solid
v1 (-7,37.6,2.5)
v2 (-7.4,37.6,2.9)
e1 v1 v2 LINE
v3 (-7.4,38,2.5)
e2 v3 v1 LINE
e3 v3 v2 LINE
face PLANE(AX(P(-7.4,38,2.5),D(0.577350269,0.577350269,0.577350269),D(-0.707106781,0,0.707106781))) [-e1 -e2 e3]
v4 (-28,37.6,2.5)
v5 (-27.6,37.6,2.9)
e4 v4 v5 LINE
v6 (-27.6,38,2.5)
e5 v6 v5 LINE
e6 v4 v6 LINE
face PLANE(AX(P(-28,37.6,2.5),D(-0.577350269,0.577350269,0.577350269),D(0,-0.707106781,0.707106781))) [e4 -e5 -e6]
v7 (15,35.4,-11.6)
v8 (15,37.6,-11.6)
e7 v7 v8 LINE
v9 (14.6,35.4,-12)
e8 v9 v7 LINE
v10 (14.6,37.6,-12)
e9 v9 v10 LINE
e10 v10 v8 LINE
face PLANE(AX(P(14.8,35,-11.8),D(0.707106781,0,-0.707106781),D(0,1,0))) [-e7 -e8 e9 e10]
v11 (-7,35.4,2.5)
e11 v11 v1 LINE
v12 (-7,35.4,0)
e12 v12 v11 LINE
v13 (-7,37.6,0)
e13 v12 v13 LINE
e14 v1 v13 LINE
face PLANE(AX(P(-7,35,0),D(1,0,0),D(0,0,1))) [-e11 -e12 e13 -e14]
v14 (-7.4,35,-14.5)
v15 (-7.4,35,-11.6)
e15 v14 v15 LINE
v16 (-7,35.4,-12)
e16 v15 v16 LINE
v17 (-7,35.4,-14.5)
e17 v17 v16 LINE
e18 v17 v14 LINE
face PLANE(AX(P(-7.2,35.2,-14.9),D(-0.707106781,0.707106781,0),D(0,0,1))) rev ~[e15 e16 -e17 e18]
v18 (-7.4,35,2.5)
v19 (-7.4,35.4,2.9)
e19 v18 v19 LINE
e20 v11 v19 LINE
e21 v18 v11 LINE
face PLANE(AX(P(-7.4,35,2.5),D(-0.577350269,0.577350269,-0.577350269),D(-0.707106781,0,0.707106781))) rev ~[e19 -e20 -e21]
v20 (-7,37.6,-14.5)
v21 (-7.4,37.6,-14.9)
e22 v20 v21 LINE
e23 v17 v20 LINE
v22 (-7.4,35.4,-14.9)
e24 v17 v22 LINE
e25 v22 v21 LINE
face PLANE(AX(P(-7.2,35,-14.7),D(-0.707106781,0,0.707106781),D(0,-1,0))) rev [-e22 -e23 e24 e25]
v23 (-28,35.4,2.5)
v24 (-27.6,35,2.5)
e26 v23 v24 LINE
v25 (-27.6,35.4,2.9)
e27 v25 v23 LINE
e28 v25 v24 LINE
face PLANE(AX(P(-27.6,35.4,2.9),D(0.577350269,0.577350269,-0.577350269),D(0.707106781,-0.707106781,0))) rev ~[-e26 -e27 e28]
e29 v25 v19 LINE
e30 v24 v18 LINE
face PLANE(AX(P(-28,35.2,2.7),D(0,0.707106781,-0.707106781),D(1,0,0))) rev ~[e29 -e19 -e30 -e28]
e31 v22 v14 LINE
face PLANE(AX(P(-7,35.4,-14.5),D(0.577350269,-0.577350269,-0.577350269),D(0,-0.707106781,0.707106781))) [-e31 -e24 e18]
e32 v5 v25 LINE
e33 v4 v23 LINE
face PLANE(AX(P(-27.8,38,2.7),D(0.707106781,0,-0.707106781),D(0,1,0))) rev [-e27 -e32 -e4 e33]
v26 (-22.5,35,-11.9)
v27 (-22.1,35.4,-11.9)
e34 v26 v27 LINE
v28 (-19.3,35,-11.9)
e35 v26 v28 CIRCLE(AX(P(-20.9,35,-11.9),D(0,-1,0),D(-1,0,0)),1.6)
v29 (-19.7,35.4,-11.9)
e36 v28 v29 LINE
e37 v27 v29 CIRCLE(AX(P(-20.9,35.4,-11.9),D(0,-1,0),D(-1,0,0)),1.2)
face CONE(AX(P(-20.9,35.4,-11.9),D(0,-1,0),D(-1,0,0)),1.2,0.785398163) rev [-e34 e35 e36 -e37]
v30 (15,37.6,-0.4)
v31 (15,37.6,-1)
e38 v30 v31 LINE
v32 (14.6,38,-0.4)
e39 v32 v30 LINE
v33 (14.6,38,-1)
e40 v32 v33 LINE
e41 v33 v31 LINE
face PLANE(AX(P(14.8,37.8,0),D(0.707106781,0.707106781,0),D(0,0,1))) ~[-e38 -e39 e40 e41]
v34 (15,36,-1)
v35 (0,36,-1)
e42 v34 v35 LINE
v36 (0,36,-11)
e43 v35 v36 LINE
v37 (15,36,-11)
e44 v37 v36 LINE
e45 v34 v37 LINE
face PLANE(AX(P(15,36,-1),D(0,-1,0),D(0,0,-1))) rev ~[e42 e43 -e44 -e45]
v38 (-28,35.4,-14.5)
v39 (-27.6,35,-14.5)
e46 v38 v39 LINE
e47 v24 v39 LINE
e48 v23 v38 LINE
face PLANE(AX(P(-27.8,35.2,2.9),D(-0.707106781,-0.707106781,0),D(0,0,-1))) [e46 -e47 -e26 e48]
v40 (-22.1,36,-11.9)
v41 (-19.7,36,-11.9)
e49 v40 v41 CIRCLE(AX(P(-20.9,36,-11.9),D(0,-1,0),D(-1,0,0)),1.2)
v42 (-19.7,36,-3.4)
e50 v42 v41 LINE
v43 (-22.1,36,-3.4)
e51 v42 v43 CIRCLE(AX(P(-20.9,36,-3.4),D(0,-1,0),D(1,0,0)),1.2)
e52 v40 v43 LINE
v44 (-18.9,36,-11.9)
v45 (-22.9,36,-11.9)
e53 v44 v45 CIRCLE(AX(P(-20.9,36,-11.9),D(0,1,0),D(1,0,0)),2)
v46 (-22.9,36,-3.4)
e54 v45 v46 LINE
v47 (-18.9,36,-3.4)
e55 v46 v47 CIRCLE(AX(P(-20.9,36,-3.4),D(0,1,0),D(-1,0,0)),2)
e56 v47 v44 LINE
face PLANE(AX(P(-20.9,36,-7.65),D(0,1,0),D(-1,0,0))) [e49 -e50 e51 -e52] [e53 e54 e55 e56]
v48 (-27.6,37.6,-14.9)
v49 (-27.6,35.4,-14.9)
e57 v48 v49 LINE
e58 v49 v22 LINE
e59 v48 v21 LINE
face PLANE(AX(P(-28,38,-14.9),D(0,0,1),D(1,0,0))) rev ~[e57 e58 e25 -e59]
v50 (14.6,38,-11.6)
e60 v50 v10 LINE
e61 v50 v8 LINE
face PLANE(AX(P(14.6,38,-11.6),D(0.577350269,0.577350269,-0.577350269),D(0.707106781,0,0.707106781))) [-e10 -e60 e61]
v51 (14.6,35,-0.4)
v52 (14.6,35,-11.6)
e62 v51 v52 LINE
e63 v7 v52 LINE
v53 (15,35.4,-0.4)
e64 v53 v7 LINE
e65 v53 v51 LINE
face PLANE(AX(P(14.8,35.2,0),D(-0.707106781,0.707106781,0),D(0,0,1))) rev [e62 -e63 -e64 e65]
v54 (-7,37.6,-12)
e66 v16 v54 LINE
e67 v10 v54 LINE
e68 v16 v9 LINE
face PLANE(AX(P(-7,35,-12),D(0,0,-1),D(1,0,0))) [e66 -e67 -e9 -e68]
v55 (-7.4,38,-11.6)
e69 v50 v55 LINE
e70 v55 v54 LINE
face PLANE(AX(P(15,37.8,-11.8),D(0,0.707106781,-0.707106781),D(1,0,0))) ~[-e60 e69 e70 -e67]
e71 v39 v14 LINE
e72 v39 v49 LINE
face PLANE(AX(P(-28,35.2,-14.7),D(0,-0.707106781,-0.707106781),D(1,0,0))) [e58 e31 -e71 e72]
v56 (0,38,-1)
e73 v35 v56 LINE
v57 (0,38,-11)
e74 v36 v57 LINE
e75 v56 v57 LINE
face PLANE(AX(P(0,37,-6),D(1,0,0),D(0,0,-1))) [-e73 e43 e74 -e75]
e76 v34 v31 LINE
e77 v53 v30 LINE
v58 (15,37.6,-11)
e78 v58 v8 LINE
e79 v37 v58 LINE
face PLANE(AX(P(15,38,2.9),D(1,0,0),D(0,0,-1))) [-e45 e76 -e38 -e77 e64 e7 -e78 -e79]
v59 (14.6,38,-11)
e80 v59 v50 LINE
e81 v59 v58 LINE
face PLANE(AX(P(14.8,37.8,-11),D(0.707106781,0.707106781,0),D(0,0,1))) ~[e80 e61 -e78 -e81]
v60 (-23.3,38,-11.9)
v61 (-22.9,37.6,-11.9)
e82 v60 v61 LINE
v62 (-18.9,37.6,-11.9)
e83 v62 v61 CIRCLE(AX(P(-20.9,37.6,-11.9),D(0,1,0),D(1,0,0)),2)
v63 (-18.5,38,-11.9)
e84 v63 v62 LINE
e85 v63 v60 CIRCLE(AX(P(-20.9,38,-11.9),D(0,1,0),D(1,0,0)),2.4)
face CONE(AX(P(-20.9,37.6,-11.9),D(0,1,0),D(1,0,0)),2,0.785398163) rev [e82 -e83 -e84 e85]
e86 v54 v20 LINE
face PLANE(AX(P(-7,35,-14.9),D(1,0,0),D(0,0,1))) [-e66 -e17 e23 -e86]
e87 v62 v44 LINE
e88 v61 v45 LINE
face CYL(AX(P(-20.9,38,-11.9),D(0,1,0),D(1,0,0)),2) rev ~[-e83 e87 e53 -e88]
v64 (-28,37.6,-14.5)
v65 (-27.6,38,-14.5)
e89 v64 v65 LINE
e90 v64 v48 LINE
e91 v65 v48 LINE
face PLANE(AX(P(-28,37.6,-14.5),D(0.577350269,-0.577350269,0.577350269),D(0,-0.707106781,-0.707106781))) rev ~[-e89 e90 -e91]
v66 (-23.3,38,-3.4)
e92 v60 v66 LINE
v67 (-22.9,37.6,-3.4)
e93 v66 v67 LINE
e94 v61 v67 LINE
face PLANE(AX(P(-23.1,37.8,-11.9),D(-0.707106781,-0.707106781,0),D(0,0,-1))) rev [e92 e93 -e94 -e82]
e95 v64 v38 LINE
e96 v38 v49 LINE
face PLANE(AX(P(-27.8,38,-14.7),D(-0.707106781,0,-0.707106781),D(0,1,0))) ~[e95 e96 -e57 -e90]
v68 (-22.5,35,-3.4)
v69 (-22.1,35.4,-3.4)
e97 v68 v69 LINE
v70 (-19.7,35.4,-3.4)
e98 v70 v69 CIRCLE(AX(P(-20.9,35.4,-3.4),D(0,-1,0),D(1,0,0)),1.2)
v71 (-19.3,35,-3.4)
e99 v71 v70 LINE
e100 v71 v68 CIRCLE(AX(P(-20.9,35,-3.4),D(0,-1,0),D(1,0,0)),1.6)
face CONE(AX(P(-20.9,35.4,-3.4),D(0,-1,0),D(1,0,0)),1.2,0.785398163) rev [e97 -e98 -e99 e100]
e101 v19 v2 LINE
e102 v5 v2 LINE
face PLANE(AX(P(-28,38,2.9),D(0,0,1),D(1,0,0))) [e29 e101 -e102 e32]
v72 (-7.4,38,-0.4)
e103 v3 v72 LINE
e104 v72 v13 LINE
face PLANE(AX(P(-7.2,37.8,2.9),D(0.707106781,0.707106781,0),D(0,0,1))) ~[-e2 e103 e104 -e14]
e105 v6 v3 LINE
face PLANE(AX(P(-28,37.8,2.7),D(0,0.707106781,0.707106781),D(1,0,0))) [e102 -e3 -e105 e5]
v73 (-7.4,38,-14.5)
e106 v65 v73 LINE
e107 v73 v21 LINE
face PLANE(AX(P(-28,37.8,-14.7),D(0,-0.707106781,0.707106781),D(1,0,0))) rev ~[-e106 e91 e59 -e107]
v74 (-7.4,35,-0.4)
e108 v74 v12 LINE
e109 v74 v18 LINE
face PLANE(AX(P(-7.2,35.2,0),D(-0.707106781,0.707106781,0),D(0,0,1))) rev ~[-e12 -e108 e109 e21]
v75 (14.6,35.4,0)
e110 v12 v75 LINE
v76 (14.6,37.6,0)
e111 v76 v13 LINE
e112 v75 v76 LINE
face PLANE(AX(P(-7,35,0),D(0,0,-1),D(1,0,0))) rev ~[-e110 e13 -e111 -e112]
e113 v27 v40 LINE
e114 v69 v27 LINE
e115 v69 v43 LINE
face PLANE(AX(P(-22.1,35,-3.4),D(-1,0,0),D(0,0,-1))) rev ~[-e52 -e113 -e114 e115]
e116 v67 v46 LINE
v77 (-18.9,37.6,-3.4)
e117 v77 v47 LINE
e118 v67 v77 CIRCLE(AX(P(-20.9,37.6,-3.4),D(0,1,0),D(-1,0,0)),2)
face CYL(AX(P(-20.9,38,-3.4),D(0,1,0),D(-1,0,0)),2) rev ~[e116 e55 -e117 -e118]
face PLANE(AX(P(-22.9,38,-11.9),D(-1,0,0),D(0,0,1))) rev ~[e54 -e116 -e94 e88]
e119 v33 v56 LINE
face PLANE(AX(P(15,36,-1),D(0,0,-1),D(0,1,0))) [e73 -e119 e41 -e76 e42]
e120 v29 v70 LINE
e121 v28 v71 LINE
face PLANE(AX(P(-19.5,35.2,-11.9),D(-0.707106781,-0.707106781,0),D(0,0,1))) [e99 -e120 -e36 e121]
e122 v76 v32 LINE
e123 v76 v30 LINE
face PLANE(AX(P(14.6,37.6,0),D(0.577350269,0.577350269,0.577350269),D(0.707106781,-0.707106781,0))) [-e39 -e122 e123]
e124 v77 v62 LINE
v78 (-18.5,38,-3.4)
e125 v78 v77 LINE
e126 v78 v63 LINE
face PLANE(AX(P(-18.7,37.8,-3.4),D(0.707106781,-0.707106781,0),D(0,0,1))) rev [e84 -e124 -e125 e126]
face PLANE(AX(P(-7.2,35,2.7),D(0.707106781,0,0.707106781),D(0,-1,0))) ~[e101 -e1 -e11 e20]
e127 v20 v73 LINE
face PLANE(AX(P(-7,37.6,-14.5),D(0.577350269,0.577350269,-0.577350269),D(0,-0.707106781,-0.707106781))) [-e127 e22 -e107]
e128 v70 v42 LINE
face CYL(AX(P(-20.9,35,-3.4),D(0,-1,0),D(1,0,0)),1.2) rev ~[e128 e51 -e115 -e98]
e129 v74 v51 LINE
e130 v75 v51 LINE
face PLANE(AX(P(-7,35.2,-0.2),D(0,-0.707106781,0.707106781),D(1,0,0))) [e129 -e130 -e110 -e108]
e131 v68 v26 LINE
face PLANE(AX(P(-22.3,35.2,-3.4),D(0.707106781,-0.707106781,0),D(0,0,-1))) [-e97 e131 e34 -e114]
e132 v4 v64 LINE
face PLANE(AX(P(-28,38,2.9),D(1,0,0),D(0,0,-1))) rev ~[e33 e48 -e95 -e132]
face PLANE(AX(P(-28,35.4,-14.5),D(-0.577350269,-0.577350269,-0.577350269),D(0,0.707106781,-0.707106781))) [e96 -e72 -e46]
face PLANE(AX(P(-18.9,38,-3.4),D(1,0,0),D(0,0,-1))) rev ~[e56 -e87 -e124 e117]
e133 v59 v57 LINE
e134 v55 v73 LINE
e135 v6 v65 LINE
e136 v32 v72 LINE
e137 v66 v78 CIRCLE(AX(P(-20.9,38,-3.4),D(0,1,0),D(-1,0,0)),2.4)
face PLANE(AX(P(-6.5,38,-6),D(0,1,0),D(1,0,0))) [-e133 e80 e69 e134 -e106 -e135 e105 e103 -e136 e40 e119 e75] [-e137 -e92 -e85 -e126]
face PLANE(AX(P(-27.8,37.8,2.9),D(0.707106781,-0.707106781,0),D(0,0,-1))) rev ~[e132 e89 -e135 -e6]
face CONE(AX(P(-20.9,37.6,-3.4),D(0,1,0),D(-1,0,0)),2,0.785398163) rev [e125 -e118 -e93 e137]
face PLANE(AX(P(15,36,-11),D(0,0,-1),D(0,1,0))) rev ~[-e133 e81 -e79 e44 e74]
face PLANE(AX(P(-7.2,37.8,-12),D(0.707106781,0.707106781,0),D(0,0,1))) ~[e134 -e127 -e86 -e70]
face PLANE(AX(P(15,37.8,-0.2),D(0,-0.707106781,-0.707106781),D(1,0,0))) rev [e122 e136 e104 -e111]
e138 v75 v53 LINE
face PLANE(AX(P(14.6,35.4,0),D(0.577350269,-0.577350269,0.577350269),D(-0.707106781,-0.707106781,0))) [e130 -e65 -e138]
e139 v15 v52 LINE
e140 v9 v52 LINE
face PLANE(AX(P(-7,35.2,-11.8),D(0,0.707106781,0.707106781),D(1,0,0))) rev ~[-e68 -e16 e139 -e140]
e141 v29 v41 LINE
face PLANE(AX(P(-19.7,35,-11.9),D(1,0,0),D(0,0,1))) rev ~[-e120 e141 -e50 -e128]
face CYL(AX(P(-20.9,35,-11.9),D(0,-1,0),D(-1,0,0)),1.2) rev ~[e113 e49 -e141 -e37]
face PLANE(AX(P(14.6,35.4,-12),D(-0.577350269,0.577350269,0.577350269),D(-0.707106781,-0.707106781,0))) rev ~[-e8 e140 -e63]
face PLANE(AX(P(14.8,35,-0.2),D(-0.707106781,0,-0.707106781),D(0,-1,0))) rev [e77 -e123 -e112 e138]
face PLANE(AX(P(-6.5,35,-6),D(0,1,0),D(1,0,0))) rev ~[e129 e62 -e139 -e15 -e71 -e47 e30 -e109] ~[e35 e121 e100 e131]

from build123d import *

# Parameters (mm, degrees)
SKETCH1_W           = 43
SKETCH1_H           = 17.8
BOSS_EXTRUDE1_DEPTH = 3
SKETCH2_W           = 22
SKETCH2_H           = 2.9
CUT_EXTRUDE1_DEPTH  = 4
SKETCH3_W           = 22
SKETCH3_H           = 2.9
CUT_EXTRUDE2_DEPTH  = 4
CUT_EXTRUDE3_DEPTH  = 2
CUT_EXTRUDE4_DEPTH  = 4
SKETCH6_W           = 10
SKETCH6_H           = 2
CUT_EXTRUDE5_DEPTH  = 15
CHAMFER1_SIZE       = 0.4


with BuildPart() as part:
    # Sketch1 → Boss-Extrude1 (new body)
    with BuildSketch(Plane(origin=(0, 38, 0), x_dir=(1, 0, 0), z_dir=(0, 1, 0))):
        with Locations((-6.5, 6)):
            Rectangle(SKETCH1_W, SKETCH1_H)
    extrude(amount=-BOSS_EXTRUDE1_DEPTH)

    # Sketch2 → Cut-Extrude1 (cut, through all)
    with BuildSketch(Plane.XZ.offset(-35)):
        with Locations((4, 1.45)):
            Rectangle(SKETCH2_W, SKETCH2_H)
    extrude(amount=-CUT_EXTRUDE1_DEPTH, mode=Mode.SUBTRACT)

    # Sketch3 → Cut-Extrude2 (cut, through all)
    with BuildSketch(Plane.XZ.offset(-35)):
        with Locations((4, -13.45)):
            Rectangle(SKETCH3_W, SKETCH3_H)
    extrude(amount=-CUT_EXTRUDE2_DEPTH, mode=Mode.SUBTRACT)

    # Sketch4 → Cut-Extrude3 (cut)
    with BuildSketch(Plane(origin=(0, 38, 0), x_dir=(-1, 0, 0), z_dir=(0, 1, 0))):
        with BuildLine():
            Line((22.9, -11.9), (22.9, -3.4))
            ThreePointArc((22.9, -3.4), (20.9, -1.4), (18.9, -3.4))
            Line((18.9, -3.4), (18.9, -11.9))
            ThreePointArc((18.9, -11.9), (20.9, -13.9), (22.9, -11.9))
        make_face()
    extrude(amount=-CUT_EXTRUDE3_DEPTH, mode=Mode.SUBTRACT)

    # Sketch5 → Cut-Extrude4 (cut, through all)
    with BuildSketch(Plane.XZ.offset(-35)):
        with BuildLine():
            Line((-22.1, -3.4), (-22.1, -11.9))
            ThreePointArc((-22.1, -11.9), (-20.9, -13.1), (-19.7, -11.9))
            Line((-19.7, -11.9), (-19.7, -3.4))
            ThreePointArc((-19.7, -3.4), (-20.9, -2.2), (-22.1, -3.4))
        make_face()
    extrude(amount=-CUT_EXTRUDE4_DEPTH, mode=Mode.SUBTRACT)

    # Sketch6 → Cut-Extrude5 (cut)
    with BuildSketch(Plane(origin=(15, 0, 0), x_dir=(0, 0, -1), z_dir=(1, 0, 0))):
        with Locations((6, 37)):
            Rectangle(SKETCH6_W, SKETCH6_H)
    extrude(amount=-CUT_EXTRUDE5_DEPTH, mode=Mode.SUBTRACT)

    # Chamfer1
    chamfer1_edges = [part.edges().sort_by_distance(p)[0] for p in [
        (15, 38, -0.5),
        (15, 35, -6),
        (-7, 36.5, 2.9),
        (4, 38, 0),
        (15, 36.5, 0),
        (-7, 38, 1.45),
        (-7, 35, 1.45),
        (4, 35, 0),
        (-17.5, 38, -14.9),
        (-17.5, 35, -14.9),
        (15, 36.5, -12),
        (-7, 38, -13.45),
        (-7, 36.5, -14.9),
        (4, 38, -12),
        (4, 35, -12),
        (-7, 35, -13.45),
        (-20.9, 38, -13.9),
        (-22.9, 38, -7.65),
        (-20.9, 38, -1.4),
        (-28, 35, -6),
        (-18.9, 38, -7.65),
        (-17.5, 38, 2.9),
        (-28, 38, -6),
        (-20.9, 35, -2.2),
        (-22.1, 35, -7.65),
        (-20.9, 35, -13.1),
        (-19.7, 35, -7.65),
        (-28, 36.5, -14.9),
        (15, 38, -11.5),
        (-28, 36.5, 2.9),
        (-17.5, 35, 2.9),
    ]]
    chamfer(chamfer1_edges, length=CHAMFER1_SIZE)


solid = part.part
